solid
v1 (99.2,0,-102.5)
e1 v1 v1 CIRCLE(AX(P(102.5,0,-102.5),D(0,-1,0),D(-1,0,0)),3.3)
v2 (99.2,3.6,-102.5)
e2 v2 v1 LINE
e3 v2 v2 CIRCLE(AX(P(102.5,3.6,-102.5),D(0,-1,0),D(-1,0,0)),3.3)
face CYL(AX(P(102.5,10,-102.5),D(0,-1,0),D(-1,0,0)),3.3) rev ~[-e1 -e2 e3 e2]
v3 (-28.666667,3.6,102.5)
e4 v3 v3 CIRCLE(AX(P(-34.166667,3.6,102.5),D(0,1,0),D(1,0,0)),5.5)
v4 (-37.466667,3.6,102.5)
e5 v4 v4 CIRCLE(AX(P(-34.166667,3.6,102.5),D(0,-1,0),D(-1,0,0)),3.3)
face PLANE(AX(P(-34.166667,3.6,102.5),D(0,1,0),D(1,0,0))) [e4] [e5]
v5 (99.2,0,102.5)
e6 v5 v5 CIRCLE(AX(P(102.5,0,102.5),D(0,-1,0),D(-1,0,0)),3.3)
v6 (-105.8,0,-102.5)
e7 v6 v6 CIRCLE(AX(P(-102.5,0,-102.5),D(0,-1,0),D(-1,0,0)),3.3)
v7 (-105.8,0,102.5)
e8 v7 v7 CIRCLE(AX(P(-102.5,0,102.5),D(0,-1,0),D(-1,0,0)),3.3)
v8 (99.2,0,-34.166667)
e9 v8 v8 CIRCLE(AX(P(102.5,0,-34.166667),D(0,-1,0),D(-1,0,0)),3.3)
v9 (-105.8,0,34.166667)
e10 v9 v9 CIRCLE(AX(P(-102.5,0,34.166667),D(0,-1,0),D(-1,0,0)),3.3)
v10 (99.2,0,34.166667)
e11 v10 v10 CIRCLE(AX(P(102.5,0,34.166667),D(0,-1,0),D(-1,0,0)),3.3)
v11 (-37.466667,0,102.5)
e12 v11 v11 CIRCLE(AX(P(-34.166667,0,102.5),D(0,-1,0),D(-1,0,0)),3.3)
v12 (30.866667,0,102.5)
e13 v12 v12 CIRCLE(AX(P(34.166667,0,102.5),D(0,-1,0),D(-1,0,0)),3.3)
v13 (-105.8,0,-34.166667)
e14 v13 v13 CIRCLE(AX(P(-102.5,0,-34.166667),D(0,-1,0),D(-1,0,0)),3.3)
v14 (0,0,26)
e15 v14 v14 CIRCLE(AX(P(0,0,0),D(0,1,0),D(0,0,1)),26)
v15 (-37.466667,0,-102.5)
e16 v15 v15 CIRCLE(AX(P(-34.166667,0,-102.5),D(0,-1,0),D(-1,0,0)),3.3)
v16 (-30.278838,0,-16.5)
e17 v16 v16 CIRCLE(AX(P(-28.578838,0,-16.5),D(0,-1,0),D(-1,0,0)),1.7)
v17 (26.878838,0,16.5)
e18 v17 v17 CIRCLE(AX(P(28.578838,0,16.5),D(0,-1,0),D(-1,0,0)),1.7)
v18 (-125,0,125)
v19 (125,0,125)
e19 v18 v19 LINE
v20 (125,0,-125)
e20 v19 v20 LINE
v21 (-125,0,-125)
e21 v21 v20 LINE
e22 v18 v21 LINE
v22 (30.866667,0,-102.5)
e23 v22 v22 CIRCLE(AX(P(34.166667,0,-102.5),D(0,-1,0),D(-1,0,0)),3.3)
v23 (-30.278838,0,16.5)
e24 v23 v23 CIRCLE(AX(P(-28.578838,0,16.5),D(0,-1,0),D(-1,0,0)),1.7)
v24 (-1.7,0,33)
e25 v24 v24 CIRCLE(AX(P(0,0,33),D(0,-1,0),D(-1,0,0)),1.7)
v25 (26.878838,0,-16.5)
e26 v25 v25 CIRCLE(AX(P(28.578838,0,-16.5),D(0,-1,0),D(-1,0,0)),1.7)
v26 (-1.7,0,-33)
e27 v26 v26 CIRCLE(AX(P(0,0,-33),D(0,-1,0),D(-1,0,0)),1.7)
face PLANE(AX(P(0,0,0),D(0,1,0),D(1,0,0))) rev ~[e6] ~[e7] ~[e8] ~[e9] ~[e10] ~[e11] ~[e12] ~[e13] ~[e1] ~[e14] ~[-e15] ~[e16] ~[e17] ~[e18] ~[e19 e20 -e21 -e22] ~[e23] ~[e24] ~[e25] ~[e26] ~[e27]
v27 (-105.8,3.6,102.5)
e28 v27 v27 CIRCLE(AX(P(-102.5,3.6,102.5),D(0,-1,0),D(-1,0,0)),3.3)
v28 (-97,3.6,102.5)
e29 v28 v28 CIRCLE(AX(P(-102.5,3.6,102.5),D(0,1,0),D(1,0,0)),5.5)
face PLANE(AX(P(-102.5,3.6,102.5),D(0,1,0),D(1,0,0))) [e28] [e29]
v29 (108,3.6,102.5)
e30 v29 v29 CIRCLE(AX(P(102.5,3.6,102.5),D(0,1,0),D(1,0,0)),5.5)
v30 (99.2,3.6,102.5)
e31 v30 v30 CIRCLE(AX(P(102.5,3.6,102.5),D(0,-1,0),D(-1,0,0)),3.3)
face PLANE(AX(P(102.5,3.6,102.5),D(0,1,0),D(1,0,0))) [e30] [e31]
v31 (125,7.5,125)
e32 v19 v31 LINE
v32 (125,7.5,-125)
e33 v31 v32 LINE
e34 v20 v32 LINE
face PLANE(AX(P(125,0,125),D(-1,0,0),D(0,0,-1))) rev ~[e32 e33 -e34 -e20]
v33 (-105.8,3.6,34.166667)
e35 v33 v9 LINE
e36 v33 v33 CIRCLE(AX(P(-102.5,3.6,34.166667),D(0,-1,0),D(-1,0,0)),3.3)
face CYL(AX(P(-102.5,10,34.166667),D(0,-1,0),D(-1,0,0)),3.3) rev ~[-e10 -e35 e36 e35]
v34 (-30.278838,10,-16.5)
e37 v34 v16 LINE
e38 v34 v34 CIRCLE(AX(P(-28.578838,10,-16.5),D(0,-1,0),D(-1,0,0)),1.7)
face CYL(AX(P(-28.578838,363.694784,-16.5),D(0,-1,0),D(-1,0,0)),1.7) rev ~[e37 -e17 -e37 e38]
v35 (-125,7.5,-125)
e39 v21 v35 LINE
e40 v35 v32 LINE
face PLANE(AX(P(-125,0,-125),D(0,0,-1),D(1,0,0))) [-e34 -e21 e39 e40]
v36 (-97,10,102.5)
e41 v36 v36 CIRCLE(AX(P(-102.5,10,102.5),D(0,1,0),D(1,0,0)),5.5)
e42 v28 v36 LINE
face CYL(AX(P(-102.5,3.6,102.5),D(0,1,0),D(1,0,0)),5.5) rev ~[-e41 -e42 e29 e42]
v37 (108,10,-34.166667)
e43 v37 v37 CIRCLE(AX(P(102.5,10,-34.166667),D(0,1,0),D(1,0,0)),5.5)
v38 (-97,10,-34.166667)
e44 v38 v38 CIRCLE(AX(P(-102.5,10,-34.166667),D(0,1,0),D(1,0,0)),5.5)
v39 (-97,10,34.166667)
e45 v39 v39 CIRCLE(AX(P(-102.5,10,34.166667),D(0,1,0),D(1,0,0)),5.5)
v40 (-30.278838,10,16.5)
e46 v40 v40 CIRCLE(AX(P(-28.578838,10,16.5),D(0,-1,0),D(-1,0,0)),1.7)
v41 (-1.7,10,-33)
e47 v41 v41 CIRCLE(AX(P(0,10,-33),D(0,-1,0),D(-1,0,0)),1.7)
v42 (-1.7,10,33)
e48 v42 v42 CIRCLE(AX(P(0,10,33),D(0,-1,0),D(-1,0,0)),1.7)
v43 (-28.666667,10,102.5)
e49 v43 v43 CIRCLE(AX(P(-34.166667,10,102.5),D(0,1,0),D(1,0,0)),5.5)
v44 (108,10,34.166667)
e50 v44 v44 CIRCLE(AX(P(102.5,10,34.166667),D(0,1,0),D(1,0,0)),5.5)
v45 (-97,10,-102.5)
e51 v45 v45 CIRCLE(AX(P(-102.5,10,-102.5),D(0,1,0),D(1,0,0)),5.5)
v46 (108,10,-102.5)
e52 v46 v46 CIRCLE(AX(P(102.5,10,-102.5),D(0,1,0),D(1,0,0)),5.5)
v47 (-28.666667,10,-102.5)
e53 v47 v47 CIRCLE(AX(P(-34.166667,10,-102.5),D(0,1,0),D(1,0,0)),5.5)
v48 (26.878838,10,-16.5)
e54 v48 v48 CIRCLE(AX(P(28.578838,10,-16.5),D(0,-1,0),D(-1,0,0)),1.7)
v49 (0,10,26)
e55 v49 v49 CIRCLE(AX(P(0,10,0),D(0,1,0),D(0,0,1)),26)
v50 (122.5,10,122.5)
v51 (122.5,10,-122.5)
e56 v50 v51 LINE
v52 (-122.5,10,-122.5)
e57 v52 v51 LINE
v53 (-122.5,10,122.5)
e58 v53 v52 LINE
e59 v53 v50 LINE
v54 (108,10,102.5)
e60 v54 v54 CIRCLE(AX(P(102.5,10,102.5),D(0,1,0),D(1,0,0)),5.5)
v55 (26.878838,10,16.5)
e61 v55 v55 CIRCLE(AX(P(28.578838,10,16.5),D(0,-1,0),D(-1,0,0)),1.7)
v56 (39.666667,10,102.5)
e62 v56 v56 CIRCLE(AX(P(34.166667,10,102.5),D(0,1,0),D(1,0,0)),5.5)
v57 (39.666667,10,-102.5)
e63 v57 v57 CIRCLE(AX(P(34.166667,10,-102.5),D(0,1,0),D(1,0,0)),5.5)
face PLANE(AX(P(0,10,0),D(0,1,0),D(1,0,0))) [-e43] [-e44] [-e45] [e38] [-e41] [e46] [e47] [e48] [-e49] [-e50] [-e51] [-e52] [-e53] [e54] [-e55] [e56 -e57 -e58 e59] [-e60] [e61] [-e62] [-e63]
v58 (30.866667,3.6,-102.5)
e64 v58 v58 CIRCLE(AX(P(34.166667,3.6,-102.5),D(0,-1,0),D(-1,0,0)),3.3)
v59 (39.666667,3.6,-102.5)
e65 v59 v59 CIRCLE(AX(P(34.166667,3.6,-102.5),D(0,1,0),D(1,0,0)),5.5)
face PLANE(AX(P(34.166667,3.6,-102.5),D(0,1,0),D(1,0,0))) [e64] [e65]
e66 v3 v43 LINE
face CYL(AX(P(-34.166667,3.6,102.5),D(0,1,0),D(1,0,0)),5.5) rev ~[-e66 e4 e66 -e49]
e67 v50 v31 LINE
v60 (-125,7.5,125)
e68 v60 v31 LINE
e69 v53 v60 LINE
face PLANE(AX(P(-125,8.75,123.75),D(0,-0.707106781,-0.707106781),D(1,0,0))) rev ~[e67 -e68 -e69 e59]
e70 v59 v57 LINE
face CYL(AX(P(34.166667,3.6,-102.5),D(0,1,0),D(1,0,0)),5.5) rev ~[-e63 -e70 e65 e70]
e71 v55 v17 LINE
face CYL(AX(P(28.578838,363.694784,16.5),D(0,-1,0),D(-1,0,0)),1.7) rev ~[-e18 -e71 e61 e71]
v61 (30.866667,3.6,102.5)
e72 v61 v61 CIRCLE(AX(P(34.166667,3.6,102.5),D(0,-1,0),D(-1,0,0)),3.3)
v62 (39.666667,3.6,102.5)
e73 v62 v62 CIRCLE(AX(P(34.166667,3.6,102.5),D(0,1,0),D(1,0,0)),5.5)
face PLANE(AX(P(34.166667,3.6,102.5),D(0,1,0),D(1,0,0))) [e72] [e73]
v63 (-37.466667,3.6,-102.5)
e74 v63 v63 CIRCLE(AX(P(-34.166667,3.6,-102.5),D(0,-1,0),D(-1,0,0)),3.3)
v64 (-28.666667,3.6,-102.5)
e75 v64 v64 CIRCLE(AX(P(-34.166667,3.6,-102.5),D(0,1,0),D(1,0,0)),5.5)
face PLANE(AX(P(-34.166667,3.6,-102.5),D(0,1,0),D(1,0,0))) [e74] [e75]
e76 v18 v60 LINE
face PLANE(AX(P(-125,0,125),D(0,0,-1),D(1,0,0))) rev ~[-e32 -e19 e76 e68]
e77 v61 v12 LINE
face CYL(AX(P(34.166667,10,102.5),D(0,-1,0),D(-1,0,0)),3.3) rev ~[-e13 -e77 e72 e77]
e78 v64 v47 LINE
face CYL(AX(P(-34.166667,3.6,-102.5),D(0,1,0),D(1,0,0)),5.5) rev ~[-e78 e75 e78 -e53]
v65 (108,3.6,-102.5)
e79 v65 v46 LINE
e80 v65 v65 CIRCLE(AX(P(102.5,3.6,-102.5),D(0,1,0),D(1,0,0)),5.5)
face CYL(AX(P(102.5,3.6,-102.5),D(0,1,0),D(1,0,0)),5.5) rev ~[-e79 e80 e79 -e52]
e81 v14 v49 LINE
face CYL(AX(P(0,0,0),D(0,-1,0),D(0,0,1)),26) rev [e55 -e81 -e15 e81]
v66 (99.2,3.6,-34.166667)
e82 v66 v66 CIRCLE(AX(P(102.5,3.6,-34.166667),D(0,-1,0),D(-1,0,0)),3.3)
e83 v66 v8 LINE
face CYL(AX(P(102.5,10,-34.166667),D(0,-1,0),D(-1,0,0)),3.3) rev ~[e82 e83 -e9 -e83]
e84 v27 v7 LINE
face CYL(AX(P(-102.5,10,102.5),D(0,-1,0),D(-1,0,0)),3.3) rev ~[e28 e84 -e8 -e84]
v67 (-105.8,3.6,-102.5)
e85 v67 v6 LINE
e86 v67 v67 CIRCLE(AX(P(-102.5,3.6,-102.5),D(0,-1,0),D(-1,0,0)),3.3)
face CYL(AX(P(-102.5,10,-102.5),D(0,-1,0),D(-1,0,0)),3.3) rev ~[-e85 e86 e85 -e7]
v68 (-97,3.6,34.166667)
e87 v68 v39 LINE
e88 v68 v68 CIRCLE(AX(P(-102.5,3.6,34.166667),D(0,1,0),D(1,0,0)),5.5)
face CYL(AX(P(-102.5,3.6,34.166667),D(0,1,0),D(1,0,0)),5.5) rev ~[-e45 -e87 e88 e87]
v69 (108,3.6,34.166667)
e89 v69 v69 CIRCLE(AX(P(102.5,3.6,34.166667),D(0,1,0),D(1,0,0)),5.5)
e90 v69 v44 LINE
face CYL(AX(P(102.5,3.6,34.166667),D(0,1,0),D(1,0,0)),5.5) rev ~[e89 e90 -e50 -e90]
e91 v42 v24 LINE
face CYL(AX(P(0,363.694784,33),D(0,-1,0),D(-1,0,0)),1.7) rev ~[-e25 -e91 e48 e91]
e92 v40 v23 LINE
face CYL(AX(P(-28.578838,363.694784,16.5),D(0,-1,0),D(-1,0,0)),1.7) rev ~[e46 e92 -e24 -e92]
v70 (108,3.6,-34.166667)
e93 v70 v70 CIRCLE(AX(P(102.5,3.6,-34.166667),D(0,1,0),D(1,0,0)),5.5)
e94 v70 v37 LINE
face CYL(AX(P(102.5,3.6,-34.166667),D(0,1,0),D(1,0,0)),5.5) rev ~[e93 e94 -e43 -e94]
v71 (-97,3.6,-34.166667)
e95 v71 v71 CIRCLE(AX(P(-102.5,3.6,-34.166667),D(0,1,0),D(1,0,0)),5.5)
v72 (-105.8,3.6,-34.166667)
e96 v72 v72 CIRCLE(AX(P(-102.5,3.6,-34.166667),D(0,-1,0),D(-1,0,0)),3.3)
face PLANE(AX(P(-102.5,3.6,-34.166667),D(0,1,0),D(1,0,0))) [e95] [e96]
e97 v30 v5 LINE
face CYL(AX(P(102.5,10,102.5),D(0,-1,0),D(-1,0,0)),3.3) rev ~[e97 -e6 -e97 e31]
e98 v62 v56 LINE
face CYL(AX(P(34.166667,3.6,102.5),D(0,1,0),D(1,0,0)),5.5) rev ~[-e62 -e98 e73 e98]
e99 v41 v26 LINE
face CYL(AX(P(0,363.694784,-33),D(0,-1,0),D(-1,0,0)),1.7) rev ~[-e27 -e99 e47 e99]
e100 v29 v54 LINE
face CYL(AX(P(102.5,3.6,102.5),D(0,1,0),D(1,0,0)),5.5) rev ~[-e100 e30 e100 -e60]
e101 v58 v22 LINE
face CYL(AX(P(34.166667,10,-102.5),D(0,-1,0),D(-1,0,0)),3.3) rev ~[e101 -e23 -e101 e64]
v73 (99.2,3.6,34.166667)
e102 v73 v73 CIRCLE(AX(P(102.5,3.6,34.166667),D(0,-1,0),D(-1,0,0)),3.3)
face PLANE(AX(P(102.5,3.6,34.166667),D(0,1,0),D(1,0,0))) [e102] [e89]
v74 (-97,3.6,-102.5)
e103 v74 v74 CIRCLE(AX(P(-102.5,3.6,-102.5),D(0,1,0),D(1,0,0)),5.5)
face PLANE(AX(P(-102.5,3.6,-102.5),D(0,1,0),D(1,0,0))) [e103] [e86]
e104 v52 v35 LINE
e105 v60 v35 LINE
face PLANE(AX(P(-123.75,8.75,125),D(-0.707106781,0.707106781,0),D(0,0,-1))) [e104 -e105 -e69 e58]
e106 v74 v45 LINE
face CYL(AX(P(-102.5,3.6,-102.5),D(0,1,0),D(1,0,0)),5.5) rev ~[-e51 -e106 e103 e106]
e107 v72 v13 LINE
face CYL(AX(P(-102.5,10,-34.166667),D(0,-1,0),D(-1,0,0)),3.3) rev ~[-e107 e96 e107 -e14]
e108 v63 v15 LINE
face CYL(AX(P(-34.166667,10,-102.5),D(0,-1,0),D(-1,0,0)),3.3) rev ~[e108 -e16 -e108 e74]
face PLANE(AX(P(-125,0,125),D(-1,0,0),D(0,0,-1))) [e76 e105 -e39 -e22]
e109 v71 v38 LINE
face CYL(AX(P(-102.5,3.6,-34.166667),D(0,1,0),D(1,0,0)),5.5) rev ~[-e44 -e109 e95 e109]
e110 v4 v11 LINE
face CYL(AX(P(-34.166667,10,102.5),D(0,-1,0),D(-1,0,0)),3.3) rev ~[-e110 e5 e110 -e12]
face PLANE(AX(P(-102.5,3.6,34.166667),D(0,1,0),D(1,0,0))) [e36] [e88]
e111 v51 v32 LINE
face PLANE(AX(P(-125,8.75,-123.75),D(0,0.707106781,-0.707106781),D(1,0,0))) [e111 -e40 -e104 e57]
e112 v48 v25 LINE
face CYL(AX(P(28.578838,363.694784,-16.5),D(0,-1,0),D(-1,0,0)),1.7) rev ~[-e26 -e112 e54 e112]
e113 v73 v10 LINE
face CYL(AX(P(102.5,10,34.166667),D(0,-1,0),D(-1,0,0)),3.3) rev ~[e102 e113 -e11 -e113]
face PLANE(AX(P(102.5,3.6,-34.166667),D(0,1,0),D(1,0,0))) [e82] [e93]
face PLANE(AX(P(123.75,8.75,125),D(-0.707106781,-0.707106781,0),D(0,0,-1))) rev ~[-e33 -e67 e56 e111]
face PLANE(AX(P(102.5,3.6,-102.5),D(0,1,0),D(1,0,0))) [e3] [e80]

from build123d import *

# Parameters (mm, degrees)
SKETCH1_W                                           = 250
SKETCH1_H                                           = 250
SKETCH1_R                                           = 37
SKETCH1_R_2                                         = 26
BOSS_EXTRUDE1_DEPTH                                 = 10
M3_CLEARANCE_HOLE1_D                                = 3.4
CBORE_FOR_M6_HEX_SOCKET_HEAD_CAP_SCREW1_D           = 6.6
CBORE_FOR_M6_HEX_SOCKET_HEAD_CAP_SCREW1_CBORE_D     = 11
CBORE_FOR_M6_HEX_SOCKET_HEAD_CAP_SCREW1_CBORE_DEPTH = 6.4
F_2_5MM_CHAMFER1_SIZE                               = 2.5


with BuildPart() as part:
    # Sketch1 → Boss-Extrude1 (new body)
    # profile 1 of 2: a face of its own
    with BuildSketch(Plane(origin=(0, 0, 0), x_dir=(1, 0, 0), z_dir=(0, 1, 0))):
        Rectangle(SKETCH1_W, SKETCH1_H)
        Circle(SKETCH1_R, mode=Mode.SUBTRACT)
    # profile 2 of 2: a face of its own
    with BuildSketch(Plane(origin=(0, 0, 0), x_dir=(1, 0, 0), z_dir=(0, 1, 0))):
        Circle(SKETCH1_R)
        with Locations(Location((0, 0, 0), (0, 0, 270))):
            Circle(SKETCH1_R_2, mode=Mode.SUBTRACT)
    extrude(amount=BOSS_EXTRUDE1_DEPTH)

    # M3 Clearance Hole1 (through all)
    with Locations(Plane(origin=(0, 10, 0), x_dir=(1, 0, 0), z_dir=(0, 1, 0))):
        with Locations((0, 33), (28.578838325, 16.5), (28.578838325, -16.5), (0, -33), (-28.578838325, -16.5), (-28.578838325, 16.5)):
            Hole(M3_CLEARANCE_HOLE1_D / 2)

    # CBORE for M6 Hex Socket Head Cap Screw1 (through all)
    with Locations(Plane(origin=(0, 10, 0), x_dir=(1, 0, 0), z_dir=(0, 1, 0))):
        with Locations((-102.5, 102.5), (-34.16666667, 102.5), (34.16666666, 102.5), (102.5, 102.5), (102.49999999, 34.16666667), (102.49999999, -34.16666666), (102.5, -102.5), (34.16666666, -102.49999999), (-34.16666667, -102.49999999), (-102.5, -102.5), (-102.5, -34.16666666), (-102.5, 34.16666667)):
            CounterBoreHole(CBORE_FOR_M6_HEX_SOCKET_HEAD_CAP_SCREW1_D / 2, CBORE_FOR_M6_HEX_SOCKET_HEAD_CAP_SCREW1_CBORE_D / 2, CBORE_FOR_M6_HEX_SOCKET_HEAD_CAP_SCREW1_CBORE_DEPTH)

    # 2,5mm Chamfer1
    f_2_5mm_chamfer1_edges = [part.edges().sort_by_distance(p)[0] for p in [
        (125, 10, 0),
        (0, 10, -125),
        (-125, 10, 0),
        (0, 10, 125),
    ]]
    chamfer(f_2_5mm_chamfer1_edges, length=F_2_5MM_CHAMFER1_SIZE)


solid = part.part
